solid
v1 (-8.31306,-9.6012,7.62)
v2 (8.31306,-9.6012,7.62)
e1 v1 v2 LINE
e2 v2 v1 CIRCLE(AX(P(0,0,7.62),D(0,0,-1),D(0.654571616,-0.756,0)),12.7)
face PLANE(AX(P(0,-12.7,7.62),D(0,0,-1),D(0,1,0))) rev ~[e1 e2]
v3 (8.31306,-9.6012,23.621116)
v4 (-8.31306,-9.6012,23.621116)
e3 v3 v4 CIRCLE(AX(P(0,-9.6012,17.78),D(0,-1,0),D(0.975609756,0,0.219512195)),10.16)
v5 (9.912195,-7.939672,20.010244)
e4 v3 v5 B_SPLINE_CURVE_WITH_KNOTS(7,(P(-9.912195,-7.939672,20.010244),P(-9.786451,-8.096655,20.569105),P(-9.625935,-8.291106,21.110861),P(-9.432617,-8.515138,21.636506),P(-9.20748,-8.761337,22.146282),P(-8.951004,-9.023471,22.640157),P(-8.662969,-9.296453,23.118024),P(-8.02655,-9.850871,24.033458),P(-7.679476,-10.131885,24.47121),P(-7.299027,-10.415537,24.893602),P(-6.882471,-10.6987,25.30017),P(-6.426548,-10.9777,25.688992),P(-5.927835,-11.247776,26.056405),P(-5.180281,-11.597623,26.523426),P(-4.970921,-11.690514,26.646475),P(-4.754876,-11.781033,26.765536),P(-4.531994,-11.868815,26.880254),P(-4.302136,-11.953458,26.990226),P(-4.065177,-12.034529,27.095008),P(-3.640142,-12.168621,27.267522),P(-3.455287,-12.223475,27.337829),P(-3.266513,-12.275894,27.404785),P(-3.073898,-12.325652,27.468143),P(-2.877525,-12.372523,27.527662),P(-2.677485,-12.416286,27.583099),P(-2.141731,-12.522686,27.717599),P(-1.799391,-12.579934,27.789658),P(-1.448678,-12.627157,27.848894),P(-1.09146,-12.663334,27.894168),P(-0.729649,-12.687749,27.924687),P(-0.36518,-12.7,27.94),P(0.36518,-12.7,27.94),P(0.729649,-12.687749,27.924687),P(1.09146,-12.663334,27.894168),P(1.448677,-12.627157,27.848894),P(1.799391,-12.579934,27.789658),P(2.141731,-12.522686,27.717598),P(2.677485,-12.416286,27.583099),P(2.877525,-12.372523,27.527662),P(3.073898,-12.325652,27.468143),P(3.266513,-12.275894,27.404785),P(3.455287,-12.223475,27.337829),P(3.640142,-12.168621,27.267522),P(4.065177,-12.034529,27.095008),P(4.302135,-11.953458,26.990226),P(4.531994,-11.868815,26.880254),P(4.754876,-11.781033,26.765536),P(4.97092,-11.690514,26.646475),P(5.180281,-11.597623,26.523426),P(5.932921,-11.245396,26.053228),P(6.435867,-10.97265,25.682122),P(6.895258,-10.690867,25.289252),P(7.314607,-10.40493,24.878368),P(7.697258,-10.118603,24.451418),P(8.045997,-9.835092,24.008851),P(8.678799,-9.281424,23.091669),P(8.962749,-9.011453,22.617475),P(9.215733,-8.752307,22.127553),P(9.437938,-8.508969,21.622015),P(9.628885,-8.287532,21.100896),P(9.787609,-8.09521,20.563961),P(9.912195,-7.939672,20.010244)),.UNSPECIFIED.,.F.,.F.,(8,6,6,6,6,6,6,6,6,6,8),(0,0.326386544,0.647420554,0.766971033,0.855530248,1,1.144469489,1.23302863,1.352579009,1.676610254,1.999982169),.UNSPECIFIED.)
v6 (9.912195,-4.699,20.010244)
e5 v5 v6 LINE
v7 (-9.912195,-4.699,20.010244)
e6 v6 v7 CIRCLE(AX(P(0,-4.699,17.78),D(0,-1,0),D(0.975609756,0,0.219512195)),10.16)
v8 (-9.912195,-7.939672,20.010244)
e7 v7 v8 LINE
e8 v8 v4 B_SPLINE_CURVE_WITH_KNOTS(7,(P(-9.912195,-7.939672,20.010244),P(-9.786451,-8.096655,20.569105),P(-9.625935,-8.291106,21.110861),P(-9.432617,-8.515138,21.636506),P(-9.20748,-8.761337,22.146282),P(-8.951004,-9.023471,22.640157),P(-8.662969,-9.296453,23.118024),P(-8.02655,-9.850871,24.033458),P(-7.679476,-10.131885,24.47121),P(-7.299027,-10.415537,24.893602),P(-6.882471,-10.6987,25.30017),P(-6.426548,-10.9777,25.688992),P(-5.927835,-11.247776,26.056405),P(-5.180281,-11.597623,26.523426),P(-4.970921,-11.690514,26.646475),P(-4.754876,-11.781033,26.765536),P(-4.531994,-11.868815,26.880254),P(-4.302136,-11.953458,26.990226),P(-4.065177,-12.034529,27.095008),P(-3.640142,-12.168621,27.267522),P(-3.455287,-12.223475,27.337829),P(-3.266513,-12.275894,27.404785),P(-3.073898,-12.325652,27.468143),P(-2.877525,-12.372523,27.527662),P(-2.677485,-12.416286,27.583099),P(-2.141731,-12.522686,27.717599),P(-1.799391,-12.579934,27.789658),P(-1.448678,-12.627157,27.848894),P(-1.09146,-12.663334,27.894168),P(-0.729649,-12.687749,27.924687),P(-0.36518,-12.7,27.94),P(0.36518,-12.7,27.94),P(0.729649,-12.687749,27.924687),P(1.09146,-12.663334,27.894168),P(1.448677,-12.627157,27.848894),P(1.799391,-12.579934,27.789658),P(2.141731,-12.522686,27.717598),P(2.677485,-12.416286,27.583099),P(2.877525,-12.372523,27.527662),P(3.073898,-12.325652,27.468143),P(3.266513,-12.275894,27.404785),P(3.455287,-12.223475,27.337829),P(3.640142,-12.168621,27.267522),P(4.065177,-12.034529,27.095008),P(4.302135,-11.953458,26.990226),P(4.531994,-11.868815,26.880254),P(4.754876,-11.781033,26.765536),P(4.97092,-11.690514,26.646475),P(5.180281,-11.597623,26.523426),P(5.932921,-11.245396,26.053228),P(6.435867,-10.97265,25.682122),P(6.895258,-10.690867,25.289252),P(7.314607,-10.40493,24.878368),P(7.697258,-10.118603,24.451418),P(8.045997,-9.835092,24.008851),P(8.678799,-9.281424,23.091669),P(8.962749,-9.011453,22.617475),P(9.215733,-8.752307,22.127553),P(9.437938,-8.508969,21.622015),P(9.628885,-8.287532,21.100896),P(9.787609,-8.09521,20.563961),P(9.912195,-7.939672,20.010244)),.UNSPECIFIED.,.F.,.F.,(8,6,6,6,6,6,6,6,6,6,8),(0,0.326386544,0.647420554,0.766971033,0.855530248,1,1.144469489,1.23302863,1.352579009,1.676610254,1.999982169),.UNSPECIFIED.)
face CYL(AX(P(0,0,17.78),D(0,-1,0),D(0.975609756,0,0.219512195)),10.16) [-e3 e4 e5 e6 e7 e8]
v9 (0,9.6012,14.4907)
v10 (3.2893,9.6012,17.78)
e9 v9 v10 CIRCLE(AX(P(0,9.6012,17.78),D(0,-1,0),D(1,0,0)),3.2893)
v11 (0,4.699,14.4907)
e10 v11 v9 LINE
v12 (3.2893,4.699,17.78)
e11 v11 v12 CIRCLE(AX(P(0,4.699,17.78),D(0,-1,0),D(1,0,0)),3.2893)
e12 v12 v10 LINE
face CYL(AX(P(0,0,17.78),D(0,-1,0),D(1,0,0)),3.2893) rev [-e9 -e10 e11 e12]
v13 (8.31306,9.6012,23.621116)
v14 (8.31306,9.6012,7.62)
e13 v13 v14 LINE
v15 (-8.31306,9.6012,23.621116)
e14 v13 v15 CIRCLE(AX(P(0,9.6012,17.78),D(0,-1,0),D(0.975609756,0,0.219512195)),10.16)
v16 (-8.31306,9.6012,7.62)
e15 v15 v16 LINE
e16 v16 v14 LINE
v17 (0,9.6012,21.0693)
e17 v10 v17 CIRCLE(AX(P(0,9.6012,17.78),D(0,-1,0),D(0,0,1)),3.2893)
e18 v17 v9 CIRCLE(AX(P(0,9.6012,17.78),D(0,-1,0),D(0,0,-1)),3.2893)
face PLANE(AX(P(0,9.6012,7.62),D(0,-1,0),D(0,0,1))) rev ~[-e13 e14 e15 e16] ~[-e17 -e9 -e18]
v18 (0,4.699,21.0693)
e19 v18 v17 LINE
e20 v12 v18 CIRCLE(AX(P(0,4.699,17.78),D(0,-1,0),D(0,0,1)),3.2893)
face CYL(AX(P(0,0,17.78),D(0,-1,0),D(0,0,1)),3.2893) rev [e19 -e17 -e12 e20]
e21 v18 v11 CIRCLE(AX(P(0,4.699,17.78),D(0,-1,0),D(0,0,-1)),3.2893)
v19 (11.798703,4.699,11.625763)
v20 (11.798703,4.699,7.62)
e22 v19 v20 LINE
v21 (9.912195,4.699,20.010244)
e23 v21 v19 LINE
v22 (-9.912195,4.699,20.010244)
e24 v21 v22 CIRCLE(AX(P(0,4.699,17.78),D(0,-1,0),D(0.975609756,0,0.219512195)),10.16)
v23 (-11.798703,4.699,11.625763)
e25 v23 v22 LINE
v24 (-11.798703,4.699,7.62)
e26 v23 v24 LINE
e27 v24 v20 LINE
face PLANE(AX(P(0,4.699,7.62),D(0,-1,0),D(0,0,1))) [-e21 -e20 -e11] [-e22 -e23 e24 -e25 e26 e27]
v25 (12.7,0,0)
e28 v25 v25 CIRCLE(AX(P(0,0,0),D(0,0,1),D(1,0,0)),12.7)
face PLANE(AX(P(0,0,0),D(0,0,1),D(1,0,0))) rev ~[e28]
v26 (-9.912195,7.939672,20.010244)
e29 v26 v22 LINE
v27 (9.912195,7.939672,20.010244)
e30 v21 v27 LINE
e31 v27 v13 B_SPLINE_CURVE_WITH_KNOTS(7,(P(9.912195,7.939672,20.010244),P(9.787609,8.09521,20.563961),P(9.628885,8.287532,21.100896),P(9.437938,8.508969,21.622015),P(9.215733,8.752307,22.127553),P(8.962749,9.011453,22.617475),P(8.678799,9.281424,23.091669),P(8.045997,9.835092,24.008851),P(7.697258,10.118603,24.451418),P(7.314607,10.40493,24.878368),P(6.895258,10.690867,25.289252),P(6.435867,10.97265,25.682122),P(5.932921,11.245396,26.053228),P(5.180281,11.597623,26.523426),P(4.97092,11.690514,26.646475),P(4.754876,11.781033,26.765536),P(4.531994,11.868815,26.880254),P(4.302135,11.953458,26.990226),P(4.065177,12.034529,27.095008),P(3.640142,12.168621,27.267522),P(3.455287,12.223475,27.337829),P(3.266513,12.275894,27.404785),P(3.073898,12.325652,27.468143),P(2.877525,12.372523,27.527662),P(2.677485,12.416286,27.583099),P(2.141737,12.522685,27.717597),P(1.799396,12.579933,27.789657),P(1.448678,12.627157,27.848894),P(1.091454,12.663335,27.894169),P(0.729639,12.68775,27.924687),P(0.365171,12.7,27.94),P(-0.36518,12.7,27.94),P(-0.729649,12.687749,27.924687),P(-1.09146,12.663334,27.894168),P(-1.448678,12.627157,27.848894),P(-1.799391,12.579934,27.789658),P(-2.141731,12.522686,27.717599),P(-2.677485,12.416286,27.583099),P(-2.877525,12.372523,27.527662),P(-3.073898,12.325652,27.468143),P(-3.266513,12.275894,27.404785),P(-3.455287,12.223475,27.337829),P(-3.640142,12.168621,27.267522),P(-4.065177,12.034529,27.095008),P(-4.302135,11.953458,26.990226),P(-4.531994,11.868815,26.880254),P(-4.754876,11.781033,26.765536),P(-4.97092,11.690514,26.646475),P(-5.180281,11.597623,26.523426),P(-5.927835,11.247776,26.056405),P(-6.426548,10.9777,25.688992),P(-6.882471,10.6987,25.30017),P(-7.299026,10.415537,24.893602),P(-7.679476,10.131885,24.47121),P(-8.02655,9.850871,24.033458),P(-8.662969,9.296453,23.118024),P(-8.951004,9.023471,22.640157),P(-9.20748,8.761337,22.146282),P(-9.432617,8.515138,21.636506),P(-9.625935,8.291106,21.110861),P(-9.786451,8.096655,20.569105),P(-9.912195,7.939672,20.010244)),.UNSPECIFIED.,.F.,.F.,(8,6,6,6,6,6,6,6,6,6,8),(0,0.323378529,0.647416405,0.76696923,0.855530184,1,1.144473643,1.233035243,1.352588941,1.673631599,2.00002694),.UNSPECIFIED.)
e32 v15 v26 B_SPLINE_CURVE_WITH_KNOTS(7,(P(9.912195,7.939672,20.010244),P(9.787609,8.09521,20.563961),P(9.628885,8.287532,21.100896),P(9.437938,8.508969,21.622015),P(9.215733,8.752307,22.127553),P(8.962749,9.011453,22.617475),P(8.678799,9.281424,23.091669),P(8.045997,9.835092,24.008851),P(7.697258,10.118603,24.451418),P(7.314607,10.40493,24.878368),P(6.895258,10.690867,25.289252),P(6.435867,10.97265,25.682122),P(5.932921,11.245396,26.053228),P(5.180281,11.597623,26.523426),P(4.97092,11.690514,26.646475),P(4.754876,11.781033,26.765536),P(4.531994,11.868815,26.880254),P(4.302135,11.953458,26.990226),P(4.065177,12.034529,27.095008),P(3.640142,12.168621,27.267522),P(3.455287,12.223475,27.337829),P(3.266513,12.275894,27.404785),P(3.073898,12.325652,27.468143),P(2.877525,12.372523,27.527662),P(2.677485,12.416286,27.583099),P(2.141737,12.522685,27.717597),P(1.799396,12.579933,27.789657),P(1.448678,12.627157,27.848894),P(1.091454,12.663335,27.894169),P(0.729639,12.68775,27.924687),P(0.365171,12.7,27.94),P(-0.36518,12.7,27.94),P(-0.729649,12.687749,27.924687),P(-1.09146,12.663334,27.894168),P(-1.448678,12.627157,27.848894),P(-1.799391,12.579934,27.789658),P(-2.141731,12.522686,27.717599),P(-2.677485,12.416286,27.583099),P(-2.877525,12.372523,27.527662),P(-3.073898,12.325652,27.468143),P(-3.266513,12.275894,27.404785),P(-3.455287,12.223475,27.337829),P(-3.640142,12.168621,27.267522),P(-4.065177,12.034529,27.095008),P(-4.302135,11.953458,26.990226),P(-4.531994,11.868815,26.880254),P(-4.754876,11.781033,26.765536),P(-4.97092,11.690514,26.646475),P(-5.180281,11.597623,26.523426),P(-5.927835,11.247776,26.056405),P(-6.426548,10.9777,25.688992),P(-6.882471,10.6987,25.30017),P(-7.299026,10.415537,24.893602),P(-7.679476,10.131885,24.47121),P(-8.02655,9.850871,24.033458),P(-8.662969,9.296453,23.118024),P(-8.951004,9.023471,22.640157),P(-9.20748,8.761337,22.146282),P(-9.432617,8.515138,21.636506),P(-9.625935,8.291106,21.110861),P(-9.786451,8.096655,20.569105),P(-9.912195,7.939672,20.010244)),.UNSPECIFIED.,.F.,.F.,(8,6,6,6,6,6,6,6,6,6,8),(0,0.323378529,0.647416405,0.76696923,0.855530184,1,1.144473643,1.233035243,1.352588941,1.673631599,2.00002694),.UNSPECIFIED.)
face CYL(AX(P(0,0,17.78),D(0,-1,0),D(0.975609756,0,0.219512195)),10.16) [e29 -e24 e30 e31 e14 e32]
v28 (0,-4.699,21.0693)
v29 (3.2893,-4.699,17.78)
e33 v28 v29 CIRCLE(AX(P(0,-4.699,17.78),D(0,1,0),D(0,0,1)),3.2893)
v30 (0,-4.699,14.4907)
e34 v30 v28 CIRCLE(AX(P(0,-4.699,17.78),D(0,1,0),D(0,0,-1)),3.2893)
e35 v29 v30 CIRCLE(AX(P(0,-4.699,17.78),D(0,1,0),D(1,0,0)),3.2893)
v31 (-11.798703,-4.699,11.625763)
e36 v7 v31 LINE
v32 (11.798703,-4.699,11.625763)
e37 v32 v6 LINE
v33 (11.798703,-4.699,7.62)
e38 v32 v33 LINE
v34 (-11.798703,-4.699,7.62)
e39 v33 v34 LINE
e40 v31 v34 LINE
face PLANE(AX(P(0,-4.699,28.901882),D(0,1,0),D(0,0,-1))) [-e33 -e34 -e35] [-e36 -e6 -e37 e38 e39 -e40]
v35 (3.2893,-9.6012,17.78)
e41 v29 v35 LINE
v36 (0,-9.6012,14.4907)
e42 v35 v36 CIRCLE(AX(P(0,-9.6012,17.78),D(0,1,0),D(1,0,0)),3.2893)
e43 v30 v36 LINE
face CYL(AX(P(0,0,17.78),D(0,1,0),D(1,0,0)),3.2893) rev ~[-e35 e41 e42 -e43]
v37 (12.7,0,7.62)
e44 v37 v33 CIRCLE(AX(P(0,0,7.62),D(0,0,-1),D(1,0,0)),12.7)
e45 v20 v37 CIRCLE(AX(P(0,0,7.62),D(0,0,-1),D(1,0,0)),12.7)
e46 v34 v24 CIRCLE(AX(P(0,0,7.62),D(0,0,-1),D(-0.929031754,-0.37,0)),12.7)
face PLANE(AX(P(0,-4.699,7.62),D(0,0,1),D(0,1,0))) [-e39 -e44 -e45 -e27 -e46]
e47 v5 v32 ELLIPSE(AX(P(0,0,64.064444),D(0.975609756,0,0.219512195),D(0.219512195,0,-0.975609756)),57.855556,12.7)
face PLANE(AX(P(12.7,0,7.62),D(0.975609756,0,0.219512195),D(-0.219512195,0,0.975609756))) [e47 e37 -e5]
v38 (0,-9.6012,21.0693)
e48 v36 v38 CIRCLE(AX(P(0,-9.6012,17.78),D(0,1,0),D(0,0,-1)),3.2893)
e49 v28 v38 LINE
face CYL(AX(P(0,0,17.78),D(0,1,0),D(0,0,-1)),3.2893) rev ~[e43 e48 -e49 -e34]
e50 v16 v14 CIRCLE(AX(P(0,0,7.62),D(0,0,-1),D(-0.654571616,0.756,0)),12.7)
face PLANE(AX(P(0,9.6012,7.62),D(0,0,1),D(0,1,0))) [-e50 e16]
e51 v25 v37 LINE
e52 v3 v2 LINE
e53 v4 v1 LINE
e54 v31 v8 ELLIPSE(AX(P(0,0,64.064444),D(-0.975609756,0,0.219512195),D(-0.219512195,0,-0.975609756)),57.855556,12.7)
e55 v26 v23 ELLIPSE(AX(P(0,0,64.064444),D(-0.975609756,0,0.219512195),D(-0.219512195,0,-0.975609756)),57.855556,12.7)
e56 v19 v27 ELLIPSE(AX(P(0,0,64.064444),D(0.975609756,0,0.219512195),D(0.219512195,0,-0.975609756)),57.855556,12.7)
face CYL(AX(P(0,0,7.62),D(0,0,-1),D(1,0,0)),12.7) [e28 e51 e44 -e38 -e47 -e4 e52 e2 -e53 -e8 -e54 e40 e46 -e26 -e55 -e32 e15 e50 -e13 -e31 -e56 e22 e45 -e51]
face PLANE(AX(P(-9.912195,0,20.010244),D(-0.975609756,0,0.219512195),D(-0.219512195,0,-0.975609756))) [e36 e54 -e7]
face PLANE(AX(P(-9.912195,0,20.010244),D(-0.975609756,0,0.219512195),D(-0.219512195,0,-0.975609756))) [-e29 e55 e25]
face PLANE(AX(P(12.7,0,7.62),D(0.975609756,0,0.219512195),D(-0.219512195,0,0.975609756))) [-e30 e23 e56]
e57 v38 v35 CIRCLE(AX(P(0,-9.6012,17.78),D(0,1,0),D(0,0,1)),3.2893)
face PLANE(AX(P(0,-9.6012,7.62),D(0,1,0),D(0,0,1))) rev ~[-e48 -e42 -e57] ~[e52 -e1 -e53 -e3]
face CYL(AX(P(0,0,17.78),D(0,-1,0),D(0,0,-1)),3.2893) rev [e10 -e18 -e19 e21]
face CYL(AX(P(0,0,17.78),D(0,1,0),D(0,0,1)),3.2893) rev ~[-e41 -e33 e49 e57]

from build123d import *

# Parameters (mm, degrees)
F0_R     = 12.7
F1_DEPTH = 7.62
F3_DEPTH = 12.7
F4_W     = 3.0988
F4_H     = 21.7537892061
F4_H_2   = 20.3239873993
F5_DEPTH = 12.7
F6_DEPTH = 12.7
F7_DEPTH = 25.4
F8_DEPTH = 12.7


with BuildPart() as f1:
    # F0 (on Top) → F1 (new body)
    with BuildSketch(Plane.XY):
        Circle(F0_R)
    extrude(amount=F1_DEPTH)

    # F2 (on Front) → F3 (cut, symmetric)
    with BuildSketch(Plane.XZ):
        with BuildLine():
            ThreePointArc((0, 21.0693), (-3.2893, 17.78), (0, 14.4907))
            Line((0, 14.4907), (0, 21.0693))
        make_face()
        with BuildLine():
            Line((0, 21.0693), (0, 14.4907))
            ThreePointArc((0, 14.4907), (2.3258863354, 15.4541136646), (3.2893, 17.78))
            ThreePointArc((3.2893, 17.78), (2.3258863354, 20.1058863354), (0, 21.0693))
        make_face()
    extrude(amount=F3_DEPTH, both=True, mode=Mode.SUBTRACT)

    # F4 (on Right) → F5 (cut, symmetric)
    with BuildSketch(Plane.YZ):
        with Locations((11.1506, 18.4968946031)):
            Rectangle(F4_W, F4_H)
        Polygon((-4.699, 7.62), (0, 7.62), (4.699, 7.62), (4.699, 28.9018824697), (0, 28.9018824697), (-4.699, 28.9018824697), (-4.699, 27.9439873993), align=None)
        with Locations((-11.1506, 17.7819936997)):
            Rectangle(F4_W, F4_H_2)
    extrude(amount=F5_DEPTH, both=True, mode=Mode.SUBTRACT)

    # F2 (on Front) → F6 (join, symmetric)
    with BuildSketch(Plane.XZ):
        with BuildLine():
            ThreePointArc((0, 7.62), (7.1842048969, 10.5957951031), (10.16, 17.78))
            ThreePointArc((10.16, 17.78), (10.0978587443, 18.9019843049), (9.912195122, 20.0102439024))
            ThreePointArc((9.912195122, 20.0102439024), (6.3469016832, 25.7136271039), (0, 27.94))
            Line((0, 27.94), (0, 21.0693))
            ThreePointArc((0, 21.0693), (2.3258863354, 20.1058863354), (3.2893, 17.78))
            ThreePointArc((3.2893, 17.78), (2.3258863354, 15.4541136646), (0, 14.4907))
            Line((0, 14.4907), (0, 7.62))
        make_face()
        with BuildLine():
            ThreePointArc((9.912195122, 20.0102439024), (10.0978587443, 18.9019843049), (10.16, 17.78))
            ThreePointArc((10.16, 17.78), (7.1842048969, 10.5957951031), (0, 7.62))
            Line((0, 7.62), (12.7, 7.62))
            Line((12.7, 7.62), (9.912195122, 20.0102439024))
        make_face()
        with BuildLine():
            Line((-12.7, 7.62), (0, 7.62))
            ThreePointArc((0, 7.62), (-7.9336271039, 11.4330983168), (-9.912195122, 20.0102439024))
            Line((-9.912195122, 20.0102439024), (-12.7, 7.62))
        make_face()
        with BuildLine():
            ThreePointArc((-9.912195122, 20.0102439024), (-7.9336271039, 11.4330983168), (0, 7.62))
            Line((0, 7.62), (0, 14.4907))
            ThreePointArc((0, 14.4907), (-3.2893, 17.78), (0, 21.0693))
            Line((0, 21.0693), (0, 27.94))
            ThreePointArc((0, 27.94), (-6.3469016832, 25.7136271039), (-9.912195122, 20.0102439024))
        make_face()
    extrude(amount=F6_DEPTH, both=True)

    # F7 (cut): faces of the model
    f7_faces = [f1.faces().sort_by_distance(p)[0] for p in [
        (-9.8632271754, 9.8632271754, 7.62),
        (9.8632271754, 9.8632271754, 7.62),
        (9.8632271754, -9.8632271754, 7.62),
        (-9.8632271754, -9.8632271754, 7.62),
    ]]
    extrude(f7_faces, amount=-F7_DEPTH, mode=Mode.SUBTRACT)

    # F4 (on Right) → F8 (cut, symmetric)
    with BuildSketch(Plane.YZ):
        with Locations((11.1506, 18.4968946031)):
            Rectangle(F4_W, F4_H)
        Polygon((-4.699, 7.62), (0, 7.62), (4.699, 7.62), (4.699, 28.9018824697), (0, 28.9018824697), (-4.699, 28.9018824697), (-4.699, 27.9439873993), align=None)
        with Locations((-11.1506, 17.7819936997)):
            Rectangle(F4_W, F4_H_2)
    extrude(amount=F8_DEPTH, both=True, mode=Mode.SUBTRACT)


solid = f1.part
